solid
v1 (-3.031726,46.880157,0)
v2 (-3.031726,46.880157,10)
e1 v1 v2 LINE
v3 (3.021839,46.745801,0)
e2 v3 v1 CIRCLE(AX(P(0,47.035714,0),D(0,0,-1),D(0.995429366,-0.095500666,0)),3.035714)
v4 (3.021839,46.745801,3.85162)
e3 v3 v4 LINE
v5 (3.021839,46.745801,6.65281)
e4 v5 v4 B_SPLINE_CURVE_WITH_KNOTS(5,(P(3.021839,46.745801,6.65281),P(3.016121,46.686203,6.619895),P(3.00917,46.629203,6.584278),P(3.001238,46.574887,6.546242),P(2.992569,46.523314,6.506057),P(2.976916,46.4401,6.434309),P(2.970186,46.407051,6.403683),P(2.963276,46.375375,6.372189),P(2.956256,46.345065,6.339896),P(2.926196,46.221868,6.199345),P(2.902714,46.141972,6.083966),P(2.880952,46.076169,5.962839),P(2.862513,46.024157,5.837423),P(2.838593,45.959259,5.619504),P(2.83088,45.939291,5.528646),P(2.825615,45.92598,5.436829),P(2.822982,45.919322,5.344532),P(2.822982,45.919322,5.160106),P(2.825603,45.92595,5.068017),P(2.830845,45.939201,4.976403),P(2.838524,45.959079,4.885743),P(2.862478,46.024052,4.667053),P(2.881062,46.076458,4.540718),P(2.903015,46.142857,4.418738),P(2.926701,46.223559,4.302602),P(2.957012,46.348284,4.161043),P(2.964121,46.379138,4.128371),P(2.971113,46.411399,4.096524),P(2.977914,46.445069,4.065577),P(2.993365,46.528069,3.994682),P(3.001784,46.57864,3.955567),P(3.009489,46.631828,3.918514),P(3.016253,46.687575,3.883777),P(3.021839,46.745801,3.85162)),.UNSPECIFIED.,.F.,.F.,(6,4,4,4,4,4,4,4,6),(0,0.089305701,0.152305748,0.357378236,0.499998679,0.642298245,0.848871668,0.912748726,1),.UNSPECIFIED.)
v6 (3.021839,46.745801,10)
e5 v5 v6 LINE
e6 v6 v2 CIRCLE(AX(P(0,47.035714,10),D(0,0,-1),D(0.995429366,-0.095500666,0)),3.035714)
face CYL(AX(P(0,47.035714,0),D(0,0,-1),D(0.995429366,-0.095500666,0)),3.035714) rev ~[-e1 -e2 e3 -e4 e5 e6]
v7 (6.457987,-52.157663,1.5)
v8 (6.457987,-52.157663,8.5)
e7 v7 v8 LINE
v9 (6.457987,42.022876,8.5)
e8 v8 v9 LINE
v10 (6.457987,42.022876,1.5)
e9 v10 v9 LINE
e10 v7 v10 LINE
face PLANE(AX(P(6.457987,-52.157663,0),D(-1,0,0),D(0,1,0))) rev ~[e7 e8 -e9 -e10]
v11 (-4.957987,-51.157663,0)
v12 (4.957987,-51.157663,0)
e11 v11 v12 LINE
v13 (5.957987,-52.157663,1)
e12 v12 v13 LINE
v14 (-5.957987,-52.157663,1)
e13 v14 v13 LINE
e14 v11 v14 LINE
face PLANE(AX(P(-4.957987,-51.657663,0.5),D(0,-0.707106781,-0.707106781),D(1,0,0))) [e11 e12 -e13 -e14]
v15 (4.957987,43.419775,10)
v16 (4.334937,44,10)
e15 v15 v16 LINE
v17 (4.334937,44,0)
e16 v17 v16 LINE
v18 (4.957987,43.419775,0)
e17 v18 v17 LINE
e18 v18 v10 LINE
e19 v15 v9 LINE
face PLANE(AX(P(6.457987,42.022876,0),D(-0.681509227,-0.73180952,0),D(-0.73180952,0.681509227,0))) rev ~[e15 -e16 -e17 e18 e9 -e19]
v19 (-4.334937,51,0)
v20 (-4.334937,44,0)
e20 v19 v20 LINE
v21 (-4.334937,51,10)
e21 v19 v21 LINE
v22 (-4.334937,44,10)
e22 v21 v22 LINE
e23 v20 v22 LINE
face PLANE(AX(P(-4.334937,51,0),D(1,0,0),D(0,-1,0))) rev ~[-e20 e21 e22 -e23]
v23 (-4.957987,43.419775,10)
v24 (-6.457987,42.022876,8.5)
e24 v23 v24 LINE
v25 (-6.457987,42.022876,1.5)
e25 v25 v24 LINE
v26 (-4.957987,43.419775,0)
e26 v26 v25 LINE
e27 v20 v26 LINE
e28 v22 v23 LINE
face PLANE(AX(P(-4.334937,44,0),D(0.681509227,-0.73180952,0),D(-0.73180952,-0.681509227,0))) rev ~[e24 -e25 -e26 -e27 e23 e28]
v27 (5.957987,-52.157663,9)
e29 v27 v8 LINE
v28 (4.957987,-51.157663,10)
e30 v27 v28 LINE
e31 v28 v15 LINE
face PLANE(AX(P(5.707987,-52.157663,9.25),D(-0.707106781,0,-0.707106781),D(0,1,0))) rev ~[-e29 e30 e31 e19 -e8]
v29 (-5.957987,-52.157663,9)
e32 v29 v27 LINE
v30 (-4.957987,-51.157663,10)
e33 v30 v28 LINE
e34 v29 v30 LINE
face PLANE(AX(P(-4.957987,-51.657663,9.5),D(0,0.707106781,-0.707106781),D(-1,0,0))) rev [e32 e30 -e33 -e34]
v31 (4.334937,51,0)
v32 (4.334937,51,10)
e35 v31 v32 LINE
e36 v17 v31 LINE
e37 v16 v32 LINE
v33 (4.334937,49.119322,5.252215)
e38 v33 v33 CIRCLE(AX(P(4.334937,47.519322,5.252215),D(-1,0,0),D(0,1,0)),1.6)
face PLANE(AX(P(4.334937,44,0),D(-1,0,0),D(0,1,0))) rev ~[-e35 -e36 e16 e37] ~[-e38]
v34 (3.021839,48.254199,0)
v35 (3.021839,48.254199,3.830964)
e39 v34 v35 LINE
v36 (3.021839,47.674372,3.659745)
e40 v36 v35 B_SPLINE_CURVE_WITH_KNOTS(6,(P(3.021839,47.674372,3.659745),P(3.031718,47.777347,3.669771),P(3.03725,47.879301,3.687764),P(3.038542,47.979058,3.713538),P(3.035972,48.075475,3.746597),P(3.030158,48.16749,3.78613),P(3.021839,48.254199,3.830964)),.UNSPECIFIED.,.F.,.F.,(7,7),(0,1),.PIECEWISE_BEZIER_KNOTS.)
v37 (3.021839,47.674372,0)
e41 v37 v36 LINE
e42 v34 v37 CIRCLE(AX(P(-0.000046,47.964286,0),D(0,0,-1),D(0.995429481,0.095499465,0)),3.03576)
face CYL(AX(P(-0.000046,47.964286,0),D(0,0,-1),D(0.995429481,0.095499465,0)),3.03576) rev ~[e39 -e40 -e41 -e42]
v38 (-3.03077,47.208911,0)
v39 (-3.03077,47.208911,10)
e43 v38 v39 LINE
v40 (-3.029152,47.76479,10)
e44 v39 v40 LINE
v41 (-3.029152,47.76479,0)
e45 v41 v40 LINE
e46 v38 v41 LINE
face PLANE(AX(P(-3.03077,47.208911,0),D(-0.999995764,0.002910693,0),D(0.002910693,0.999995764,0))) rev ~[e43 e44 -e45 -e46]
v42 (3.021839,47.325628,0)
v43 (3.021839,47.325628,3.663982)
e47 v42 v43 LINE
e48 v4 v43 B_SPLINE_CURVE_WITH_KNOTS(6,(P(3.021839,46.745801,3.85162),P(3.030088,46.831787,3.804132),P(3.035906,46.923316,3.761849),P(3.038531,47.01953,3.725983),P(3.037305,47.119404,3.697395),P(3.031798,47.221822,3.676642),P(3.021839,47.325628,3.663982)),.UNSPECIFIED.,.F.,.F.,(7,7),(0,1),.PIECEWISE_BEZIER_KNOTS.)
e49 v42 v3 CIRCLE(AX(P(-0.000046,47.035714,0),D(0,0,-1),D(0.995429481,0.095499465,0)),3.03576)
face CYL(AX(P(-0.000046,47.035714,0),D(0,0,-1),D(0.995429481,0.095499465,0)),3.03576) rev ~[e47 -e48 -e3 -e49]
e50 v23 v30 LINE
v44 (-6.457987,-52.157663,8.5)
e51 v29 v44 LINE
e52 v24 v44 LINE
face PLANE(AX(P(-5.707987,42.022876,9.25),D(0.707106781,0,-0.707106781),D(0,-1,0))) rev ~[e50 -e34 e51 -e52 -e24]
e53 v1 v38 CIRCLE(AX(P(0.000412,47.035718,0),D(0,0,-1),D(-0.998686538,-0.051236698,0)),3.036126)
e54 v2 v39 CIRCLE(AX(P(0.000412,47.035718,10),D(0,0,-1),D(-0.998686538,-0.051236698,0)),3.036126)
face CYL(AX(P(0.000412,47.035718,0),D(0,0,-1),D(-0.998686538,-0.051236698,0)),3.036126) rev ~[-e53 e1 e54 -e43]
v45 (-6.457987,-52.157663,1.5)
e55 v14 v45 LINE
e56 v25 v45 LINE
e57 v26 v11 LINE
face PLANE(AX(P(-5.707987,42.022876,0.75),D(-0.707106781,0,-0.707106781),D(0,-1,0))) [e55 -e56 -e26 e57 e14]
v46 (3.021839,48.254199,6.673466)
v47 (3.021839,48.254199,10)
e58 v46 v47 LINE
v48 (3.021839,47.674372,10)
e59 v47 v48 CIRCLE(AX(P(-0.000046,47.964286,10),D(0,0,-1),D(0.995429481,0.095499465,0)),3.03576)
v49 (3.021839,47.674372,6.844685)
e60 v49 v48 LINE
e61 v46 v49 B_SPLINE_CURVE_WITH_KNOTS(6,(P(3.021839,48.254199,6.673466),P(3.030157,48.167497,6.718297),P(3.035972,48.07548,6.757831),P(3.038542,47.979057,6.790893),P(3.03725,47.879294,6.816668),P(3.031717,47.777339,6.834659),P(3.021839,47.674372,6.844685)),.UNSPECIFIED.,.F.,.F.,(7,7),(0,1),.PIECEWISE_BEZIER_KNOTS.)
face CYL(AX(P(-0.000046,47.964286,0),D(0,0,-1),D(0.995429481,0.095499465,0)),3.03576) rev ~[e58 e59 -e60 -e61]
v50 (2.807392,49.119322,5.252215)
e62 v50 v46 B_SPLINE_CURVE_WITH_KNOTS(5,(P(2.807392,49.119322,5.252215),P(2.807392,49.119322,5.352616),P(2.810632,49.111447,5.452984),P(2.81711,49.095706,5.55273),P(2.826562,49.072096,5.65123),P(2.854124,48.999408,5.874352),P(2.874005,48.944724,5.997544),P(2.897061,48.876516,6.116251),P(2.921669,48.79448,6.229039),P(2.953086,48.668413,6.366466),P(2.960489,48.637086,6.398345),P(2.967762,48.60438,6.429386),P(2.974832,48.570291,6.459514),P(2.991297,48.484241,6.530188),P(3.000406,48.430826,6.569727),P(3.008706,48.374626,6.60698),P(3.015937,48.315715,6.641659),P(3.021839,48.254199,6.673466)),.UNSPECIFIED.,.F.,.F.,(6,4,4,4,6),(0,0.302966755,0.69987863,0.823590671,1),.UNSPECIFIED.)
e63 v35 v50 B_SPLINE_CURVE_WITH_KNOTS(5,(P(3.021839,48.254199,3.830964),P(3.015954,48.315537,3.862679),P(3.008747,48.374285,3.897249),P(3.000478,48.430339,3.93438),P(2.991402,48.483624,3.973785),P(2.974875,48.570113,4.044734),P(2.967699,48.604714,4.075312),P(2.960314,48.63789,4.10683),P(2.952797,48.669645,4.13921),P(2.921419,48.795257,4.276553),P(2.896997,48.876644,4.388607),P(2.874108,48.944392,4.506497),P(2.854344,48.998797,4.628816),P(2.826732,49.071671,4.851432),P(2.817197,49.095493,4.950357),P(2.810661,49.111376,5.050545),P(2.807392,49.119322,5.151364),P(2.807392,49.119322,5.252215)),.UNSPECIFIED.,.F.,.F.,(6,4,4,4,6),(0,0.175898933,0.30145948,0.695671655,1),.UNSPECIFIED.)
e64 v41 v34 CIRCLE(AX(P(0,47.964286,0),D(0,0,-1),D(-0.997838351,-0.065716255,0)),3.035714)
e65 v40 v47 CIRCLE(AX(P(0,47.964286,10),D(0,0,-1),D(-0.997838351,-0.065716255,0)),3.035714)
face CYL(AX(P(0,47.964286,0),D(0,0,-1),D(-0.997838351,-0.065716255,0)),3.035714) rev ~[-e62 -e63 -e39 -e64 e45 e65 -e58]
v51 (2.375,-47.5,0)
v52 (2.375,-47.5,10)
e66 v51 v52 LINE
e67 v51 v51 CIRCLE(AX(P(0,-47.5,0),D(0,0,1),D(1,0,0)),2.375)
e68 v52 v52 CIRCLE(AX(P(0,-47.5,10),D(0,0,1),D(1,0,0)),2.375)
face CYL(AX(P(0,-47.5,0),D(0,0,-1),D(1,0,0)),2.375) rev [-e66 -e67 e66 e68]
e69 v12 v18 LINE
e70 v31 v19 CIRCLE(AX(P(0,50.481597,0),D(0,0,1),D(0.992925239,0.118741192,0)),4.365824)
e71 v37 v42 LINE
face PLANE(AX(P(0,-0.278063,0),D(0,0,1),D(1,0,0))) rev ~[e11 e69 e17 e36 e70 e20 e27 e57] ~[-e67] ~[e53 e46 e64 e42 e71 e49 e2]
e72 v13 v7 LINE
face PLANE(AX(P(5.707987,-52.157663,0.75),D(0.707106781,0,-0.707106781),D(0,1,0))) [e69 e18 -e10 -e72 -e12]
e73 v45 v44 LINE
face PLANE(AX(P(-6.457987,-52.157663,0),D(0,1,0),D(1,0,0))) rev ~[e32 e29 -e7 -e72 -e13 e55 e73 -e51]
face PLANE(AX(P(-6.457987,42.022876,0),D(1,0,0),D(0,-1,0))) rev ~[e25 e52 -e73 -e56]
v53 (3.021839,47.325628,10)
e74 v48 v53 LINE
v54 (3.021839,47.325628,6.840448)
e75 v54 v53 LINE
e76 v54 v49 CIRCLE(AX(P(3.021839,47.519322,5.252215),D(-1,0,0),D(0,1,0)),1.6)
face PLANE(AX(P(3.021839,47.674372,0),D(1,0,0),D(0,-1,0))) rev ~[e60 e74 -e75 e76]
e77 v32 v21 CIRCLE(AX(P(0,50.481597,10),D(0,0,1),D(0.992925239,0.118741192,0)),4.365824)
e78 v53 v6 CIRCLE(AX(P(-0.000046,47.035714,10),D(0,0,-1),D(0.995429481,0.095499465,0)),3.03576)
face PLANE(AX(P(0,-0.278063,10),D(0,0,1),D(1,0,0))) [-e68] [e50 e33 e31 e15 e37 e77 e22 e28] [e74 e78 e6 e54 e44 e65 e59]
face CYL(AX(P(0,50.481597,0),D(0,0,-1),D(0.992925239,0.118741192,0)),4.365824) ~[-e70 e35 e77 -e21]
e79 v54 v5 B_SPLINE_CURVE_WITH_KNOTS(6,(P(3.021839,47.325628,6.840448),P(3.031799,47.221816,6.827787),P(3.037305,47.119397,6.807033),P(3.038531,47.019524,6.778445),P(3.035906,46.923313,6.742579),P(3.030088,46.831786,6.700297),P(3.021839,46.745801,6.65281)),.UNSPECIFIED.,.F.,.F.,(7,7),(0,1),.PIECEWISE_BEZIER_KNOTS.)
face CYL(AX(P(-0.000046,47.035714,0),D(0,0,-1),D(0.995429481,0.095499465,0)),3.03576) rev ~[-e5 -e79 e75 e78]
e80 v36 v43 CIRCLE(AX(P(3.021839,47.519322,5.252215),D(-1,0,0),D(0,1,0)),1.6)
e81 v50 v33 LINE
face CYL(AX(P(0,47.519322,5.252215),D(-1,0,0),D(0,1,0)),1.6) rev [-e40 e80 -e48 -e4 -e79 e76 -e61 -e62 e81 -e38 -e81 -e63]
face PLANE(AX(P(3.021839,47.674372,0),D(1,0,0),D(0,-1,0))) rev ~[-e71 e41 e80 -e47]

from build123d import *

# Parameters (mm, degrees)
F0_R     = 2.375
F1_DEPTH = 10
F2_R     = 1.6
F3_DEPTH = 25.4
F4_SIZE  = 1.5
F5_SIZE  = 1


with BuildPart() as f1:
    # F0 (on Top) → F1 (new body)
    with BuildSketch(Plane.XY):
        with BuildLine():
            ThreePointArc((4.334937, 51), (0, 54.847421), (-4.334937, 51))
            Line((-4.334937, 51), (-4.334937, 44))
            Line((-4.334937, 44), (-6.457987, 42.022876))
            Line((-6.457987, 42.022876), (-6.457987, -52.157663))
            Line((-6.457987, -52.157663), (0, -52.157663))
            Line((0, -52.157663), (6.457987, -52.157663))
            Line((6.457987, -52.157663), (6.457987, 42.022876))
            Line((6.457987, 42.022876), (4.334937, 44))
            Line((4.334937, 44), (4.334937, 51))
        make_face()
        with Locations((0, -47.5)):
            Circle(F0_R, mode=Mode.SUBTRACT)
        with BuildLine():
            ThreePointArc((3.021839, 48.254199), (3.035714, 47.964286), (3.021839, 47.674372))
            Line((3.021839, 47.674372), (3.021839, 47.325628))
            ThreePointArc((3.021839, 47.325628), (3.035714, 47.035714), (3.021839, 46.745801))
            ThreePointArc((3.021839, 46.745801), (-0.06736, 44.000747), (-3.031726, 46.880157))
            ThreePointArc((-3.031726, 46.880157), (-3.035701, 47.044547), (-3.03077, 47.208911))
            Line((-3.03077, 47.208911), (-3.029152, 47.76479))
            ThreePointArc((-3.029152, 47.76479), (-0.244732, 50.990119), (3.021839, 48.254199))
        make_face(mode=Mode.SUBTRACT)
    extrude(amount=F1_DEPTH)

    # F2 (on Right) → F3 (cut)
    with BuildSketch(Plane.YZ):
        with Locations((47.519322, 5.252215)):
            Circle(F2_R)
    extrude(amount=F3_DEPTH, mode=Mode.SUBTRACT)

    # F4
    f4_edges = [f1.edges().sort_by_distance(p)[0] for p in [
        (6.457987, -5.067393, 10),
        (-6.457987, -5.067393, 10),
        (6.457987, -5.067393, 0),
        (-6.457987, -5.067393, 0),
    ]]
    chamfer(f4_edges, length=F4_SIZE)

    # F5
    f5_edges = [f1.edges().sort_by_distance(p)[0] for p in [
        (0, -52.157663, 0),
        (0, -52.157663, 10),
    ]]
    chamfer(f5_edges, length=F5_SIZE)


solid = f1.part
